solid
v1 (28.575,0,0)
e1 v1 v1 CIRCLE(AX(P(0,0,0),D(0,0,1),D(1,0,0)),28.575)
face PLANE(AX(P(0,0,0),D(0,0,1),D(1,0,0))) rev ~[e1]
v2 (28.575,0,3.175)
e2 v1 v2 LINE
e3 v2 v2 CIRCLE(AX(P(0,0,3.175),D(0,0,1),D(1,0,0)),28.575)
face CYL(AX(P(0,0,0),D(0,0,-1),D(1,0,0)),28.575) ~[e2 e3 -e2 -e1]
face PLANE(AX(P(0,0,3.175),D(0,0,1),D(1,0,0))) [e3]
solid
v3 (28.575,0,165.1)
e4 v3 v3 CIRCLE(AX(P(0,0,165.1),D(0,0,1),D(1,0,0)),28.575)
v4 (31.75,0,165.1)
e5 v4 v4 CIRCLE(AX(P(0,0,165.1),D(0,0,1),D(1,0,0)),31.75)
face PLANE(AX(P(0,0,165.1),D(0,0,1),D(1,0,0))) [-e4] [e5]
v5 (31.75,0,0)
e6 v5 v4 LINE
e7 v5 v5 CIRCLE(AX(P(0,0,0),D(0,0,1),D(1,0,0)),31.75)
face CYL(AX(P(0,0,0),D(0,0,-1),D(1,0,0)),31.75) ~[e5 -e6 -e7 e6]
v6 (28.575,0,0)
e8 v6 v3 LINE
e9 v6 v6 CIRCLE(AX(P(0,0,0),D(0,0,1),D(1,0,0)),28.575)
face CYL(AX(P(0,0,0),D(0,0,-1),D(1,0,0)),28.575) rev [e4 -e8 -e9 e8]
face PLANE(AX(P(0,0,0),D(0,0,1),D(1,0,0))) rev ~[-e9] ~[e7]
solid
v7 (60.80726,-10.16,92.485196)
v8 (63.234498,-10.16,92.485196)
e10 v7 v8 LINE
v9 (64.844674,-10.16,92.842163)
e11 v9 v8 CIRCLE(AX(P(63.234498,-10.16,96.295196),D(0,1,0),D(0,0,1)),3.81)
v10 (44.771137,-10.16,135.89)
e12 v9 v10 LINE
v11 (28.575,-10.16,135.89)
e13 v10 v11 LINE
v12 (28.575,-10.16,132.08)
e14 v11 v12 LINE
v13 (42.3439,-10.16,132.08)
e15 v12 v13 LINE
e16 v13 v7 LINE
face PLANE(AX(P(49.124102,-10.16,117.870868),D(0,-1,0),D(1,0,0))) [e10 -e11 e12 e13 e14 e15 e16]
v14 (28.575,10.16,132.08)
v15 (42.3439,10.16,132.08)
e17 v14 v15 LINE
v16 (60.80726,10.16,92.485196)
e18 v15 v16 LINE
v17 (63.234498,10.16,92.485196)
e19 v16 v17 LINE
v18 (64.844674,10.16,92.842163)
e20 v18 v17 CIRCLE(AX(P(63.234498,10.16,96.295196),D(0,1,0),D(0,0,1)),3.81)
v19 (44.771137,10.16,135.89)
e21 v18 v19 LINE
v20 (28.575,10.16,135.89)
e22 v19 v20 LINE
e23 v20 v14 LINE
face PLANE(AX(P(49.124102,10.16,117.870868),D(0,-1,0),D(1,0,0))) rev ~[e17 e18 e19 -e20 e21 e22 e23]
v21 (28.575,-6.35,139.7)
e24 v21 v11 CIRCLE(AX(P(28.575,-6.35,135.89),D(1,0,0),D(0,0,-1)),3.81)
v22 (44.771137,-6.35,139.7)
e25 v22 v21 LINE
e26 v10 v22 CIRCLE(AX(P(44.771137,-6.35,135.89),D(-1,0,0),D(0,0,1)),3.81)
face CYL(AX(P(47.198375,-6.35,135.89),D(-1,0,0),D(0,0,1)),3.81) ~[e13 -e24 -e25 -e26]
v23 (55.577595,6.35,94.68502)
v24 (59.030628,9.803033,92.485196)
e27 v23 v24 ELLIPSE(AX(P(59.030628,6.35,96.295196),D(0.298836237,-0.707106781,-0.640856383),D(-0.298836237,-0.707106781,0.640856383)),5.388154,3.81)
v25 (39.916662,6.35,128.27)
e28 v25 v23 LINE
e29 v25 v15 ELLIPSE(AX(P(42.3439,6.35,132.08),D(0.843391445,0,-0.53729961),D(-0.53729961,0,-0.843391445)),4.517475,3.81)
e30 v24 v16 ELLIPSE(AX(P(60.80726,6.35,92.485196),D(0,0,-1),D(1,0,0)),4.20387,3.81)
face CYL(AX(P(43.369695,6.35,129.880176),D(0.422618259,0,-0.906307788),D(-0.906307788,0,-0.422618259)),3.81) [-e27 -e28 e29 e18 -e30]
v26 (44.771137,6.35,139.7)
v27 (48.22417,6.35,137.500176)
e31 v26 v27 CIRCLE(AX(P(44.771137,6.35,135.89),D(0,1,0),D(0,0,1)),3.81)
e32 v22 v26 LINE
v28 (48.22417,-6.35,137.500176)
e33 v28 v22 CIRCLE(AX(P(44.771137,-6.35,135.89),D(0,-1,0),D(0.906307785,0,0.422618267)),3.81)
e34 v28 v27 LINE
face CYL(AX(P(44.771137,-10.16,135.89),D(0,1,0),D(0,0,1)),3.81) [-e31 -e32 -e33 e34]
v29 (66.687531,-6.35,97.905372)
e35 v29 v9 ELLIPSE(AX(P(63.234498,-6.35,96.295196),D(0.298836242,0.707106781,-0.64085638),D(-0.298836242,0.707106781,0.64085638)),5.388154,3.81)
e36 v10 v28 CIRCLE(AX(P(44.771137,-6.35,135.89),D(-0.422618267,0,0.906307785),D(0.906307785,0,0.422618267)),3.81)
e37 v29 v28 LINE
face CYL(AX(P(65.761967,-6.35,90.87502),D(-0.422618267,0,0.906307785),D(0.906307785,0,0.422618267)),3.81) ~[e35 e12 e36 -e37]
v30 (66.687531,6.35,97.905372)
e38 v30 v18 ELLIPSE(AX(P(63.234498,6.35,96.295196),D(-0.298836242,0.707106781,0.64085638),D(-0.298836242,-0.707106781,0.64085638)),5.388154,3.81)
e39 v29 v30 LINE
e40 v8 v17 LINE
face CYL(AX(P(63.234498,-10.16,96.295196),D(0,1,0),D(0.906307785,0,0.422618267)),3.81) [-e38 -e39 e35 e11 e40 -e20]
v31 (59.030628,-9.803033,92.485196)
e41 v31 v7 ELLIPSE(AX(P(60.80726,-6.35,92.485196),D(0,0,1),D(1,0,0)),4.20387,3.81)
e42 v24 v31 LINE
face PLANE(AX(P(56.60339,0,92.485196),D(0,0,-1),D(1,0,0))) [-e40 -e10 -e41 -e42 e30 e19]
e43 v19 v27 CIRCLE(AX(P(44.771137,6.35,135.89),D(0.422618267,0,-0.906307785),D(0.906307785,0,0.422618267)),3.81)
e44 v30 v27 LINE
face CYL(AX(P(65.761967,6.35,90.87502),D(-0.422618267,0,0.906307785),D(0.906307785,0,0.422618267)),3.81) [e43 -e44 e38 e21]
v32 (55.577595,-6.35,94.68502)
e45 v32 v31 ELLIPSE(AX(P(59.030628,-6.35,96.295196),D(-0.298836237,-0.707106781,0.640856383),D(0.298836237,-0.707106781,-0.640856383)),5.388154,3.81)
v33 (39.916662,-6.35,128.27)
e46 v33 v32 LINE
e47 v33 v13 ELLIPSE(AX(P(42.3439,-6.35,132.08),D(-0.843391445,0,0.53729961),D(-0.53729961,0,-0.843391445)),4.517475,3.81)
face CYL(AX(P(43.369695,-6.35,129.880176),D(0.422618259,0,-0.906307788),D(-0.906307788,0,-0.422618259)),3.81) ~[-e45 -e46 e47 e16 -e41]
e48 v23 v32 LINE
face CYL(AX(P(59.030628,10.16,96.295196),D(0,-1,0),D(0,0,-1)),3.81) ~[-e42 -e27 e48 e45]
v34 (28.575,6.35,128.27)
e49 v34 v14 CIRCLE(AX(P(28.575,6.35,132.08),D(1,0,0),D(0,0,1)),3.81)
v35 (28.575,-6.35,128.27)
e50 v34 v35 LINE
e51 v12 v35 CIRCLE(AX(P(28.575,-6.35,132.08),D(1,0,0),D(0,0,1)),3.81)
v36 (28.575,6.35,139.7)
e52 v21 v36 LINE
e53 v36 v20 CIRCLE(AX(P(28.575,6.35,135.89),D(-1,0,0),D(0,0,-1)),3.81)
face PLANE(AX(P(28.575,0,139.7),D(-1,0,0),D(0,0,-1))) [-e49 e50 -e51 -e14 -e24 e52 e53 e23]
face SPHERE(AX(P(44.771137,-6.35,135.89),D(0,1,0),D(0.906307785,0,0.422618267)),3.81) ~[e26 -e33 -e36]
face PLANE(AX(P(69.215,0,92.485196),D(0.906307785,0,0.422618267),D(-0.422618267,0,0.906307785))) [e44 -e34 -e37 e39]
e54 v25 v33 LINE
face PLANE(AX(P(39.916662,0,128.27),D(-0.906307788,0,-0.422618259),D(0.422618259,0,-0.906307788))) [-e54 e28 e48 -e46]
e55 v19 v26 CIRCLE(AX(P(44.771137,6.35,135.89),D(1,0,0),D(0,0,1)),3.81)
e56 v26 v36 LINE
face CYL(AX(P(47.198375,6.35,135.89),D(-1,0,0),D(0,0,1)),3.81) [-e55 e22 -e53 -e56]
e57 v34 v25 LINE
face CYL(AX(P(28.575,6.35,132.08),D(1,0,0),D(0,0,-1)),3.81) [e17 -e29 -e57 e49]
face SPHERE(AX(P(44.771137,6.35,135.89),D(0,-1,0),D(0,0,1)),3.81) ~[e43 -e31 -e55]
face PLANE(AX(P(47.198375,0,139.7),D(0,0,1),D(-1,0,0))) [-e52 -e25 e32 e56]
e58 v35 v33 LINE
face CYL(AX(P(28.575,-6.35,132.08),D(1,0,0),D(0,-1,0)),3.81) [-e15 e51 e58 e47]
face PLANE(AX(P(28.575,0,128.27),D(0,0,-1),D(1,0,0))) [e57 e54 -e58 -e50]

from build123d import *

# Parameters (mm, degrees)
F0_R     = 28.575
F2_DEPTH = 3.175
F0_R_2   = 31.75
F3_DEPTH = 165.1
F4_DEPTH = 10.16
F5_R     = 3.81


with BuildPart() as f2:
    # F0 (on Top) → F2 (new body)
    with BuildSketch(Plane.XY):
        Circle(F0_R)
    extrude(amount=F2_DEPTH)


with BuildPart() as f3:
    # F0 (on Top) → F3 (new body)
    with BuildSketch(Plane.XY):
        Circle(F0_R_2)
        Circle(F0_R, mode=Mode.SUBTRACT)
    extrude(amount=F3_DEPTH)


with BuildPart() as f4:
    # F1 (on Front) → F4 (new body, symmetric)
    with BuildSketch(Plane.XZ):
        Polygon((28.575, 139.7), (28.575, 128.27), (39.916662, 128.27), (56.60339, 92.485196), (69.215, 92.485196), (47.198375, 139.7), align=None)
    extrude(amount=F4_DEPTH, both=True)

    # F5
    f5_edges = [f4.edges().sort_by_distance(p)[0] for p in [
        (58.206688, 10.16, 116.092598),
        (47.198375, 0, 139.7),
        (58.206688, -10.16, 116.092598),
        (69.215, 0, 92.485196),
        (56.60339, 0, 92.485196),
        (48.260026, 10.16, 110.377598),
        (34.245831, 10.16, 128.27),
        (37.886688, 10.16, 139.7),
        (48.260026, -10.16, 110.377598),
        (34.245831, -10.16, 128.27),
        (37.886688, -10.16, 139.7),
    ]]
    fillet(f5_edges, radius=F5_R)


solid = Compound([f2.part, f3.part, f4.part])
